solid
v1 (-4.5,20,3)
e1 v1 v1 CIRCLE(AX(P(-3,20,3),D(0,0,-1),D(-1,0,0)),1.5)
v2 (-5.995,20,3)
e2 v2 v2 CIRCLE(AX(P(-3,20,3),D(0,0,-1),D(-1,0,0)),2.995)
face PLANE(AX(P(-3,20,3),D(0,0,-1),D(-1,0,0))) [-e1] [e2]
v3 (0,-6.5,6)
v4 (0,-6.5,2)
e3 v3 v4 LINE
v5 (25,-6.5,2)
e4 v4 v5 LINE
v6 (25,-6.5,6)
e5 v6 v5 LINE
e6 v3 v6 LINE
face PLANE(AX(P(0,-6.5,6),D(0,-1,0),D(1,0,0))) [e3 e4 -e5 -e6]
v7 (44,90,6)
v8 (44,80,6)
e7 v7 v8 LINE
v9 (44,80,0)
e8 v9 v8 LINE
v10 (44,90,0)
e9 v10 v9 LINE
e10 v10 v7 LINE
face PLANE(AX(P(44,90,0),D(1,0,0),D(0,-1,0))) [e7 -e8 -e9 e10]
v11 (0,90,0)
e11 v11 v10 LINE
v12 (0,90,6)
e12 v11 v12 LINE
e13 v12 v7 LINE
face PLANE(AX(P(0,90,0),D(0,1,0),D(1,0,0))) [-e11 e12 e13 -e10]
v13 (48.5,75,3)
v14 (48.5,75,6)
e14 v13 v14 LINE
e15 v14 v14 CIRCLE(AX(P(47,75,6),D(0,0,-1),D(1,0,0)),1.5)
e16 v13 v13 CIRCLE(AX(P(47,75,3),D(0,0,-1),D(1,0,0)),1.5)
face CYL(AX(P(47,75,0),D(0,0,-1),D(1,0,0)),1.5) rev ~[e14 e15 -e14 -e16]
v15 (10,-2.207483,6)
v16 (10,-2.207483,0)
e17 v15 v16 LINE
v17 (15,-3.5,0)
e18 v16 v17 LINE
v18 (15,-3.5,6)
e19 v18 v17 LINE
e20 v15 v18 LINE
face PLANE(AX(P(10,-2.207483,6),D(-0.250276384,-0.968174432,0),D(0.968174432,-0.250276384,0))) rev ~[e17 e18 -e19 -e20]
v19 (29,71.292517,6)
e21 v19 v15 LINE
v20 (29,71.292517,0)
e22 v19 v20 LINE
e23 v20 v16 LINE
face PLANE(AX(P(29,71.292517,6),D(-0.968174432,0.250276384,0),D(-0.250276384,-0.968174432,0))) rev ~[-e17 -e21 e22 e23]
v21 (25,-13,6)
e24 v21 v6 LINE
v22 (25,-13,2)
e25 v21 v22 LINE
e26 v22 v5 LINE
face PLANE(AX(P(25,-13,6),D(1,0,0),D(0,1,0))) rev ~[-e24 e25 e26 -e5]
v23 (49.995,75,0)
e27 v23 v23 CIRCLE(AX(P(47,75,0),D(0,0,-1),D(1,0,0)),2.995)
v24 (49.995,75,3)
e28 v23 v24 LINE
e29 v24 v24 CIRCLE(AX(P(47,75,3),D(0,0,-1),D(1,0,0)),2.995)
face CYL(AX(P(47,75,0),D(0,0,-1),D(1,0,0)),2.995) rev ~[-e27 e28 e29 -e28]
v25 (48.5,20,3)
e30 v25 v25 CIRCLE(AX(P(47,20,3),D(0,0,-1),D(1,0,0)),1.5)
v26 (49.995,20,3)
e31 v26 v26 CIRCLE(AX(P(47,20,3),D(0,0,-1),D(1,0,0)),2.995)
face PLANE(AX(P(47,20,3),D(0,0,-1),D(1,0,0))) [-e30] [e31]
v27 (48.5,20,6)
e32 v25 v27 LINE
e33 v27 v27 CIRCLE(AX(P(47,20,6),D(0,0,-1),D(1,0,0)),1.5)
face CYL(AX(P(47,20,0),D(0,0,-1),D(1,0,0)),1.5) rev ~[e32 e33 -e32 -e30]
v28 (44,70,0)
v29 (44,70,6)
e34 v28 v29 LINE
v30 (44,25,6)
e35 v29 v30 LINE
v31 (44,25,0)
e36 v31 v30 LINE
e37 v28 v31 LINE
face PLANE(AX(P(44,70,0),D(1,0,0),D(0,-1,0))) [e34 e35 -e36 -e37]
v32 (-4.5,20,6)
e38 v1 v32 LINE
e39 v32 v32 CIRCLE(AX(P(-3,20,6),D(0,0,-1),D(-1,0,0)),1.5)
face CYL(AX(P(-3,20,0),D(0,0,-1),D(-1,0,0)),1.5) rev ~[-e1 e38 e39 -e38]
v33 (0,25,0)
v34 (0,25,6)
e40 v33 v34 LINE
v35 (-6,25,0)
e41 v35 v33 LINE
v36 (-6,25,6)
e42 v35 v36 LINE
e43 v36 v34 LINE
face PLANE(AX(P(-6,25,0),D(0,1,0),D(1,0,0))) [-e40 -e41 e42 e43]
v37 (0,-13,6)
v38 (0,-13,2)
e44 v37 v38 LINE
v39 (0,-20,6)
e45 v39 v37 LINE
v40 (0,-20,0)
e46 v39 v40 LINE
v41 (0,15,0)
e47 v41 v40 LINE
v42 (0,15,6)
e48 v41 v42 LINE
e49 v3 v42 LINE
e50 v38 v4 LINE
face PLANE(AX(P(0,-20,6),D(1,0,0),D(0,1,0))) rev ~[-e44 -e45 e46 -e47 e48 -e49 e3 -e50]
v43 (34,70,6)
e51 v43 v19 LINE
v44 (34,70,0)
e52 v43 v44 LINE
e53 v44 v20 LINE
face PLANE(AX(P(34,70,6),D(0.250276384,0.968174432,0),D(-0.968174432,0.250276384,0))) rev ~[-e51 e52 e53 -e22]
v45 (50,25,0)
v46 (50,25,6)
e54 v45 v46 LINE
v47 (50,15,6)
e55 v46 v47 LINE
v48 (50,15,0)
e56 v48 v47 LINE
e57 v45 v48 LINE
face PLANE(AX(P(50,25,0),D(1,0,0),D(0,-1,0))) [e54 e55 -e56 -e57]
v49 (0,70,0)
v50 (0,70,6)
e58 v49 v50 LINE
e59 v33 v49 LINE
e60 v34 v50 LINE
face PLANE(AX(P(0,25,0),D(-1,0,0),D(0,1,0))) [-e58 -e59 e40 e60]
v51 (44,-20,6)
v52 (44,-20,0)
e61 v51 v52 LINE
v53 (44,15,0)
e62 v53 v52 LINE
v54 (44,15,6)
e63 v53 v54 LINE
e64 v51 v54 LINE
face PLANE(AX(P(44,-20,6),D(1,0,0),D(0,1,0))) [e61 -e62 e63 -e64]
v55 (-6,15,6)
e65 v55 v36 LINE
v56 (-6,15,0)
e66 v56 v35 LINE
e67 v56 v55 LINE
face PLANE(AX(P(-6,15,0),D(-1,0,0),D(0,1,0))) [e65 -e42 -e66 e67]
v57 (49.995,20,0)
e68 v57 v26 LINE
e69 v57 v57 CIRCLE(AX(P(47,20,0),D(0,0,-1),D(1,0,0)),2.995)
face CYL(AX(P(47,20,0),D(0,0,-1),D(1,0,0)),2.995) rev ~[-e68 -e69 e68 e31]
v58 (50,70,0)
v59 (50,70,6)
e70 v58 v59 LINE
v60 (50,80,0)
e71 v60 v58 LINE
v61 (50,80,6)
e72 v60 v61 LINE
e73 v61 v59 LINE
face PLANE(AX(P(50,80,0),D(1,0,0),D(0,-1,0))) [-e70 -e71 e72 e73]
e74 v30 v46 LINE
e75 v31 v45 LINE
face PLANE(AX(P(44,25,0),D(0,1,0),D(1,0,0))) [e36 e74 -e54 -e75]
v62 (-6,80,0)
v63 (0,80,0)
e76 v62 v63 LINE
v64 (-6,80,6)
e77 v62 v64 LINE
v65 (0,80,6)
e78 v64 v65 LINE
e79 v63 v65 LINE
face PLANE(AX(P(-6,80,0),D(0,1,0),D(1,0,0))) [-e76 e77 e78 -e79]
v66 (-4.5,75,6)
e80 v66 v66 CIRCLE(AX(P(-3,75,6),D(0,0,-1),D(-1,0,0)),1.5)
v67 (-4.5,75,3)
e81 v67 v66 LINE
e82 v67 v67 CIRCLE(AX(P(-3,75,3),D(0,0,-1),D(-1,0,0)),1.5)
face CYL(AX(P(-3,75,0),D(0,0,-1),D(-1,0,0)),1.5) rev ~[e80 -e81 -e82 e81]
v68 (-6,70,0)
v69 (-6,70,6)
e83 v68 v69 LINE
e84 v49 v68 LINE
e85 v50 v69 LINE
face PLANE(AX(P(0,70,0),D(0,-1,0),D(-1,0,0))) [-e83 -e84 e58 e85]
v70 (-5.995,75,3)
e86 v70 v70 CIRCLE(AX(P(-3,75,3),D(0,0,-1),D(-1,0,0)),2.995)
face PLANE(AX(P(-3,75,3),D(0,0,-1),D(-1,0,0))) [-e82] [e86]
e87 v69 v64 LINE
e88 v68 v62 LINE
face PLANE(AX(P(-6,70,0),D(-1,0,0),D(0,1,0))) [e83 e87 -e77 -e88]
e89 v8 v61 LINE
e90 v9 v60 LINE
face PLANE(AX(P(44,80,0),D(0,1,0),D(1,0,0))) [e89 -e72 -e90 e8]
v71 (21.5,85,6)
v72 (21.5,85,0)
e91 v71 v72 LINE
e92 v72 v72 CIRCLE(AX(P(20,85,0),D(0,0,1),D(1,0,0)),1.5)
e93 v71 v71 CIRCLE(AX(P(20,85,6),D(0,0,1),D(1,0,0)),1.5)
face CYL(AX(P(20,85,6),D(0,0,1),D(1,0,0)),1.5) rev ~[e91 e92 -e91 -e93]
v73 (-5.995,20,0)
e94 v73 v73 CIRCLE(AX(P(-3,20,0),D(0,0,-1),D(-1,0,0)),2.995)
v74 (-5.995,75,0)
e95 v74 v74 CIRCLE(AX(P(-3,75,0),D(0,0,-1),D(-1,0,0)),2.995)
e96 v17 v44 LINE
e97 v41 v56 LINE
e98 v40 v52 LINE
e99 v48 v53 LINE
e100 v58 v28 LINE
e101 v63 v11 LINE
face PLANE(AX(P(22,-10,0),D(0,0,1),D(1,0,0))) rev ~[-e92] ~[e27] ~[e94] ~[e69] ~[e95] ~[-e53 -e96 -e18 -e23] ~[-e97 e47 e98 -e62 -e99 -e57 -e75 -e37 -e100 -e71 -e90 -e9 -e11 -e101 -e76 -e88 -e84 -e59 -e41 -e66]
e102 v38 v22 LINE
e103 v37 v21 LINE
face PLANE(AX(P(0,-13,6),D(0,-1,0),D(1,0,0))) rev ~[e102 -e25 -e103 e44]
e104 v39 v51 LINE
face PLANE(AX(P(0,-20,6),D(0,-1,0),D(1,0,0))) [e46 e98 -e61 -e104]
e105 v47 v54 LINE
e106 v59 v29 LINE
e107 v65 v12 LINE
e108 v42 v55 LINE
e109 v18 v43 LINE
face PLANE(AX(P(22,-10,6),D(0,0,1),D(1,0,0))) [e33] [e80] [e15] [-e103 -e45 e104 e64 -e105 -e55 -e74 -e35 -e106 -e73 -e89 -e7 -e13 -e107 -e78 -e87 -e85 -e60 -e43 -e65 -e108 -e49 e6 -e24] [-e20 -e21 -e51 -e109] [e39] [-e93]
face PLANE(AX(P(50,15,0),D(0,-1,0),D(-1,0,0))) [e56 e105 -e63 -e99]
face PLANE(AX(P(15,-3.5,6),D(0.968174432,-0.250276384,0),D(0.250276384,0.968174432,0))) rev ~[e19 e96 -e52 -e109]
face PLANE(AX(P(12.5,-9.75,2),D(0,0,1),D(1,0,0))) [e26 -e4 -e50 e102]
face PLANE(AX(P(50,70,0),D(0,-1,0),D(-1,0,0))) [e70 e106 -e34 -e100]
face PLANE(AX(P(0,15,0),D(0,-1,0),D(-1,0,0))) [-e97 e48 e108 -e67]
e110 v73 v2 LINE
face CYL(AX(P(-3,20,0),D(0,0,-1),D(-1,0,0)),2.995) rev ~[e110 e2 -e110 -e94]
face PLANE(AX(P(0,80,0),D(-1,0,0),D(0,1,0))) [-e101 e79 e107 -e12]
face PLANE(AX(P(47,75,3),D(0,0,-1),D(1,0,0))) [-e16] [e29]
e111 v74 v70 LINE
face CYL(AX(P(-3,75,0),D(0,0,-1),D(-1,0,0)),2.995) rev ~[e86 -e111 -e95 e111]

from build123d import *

# Parameters (mm, degrees)
BOSS_EXTRU_1_DEPTH       = 6
ESQUISSE2_R              = 1.5
ENL_V_MAT_EXTRU_1_DEPTH  = 6
ESQUISSE5_R              = 1.5
ENL_V_MAT_EXTRU_6_DEPTH  = 6
ESQUISSE6_R              = 2.995
ENL_V_MAT_EXTRU_7_DEPTH  = 3
ESQUISSE9_W              = 44
ESQUISSE9_H              = 20
BOSS_EXTRU_3_DEPTH       = 6
ESQUISSE10_W             = 25
ESQUISSE10_H             = 6.5
ENL_V_MAT_EXTRU_9_DEPTH  = 4
ENL_V_MAT_EXTRU_11_DEPTH = 6


with BuildPart() as part:
    # Esquisse1 → Boss.-Extru.1 (new body)
    with BuildSketch(Plane.XY):
        Polygon((0, 80), (0, 90), (44, 90), (44, 80), (50, 80), (50, 70), (44, 70), (44, 25), (50, 25), (50, 15), (44, 15), (44, 0), (0, 0), (0, 15), (-6, 15), (-6, 25), (0, 25), (0, 70), (-6, 70), (-6, 80), align=None)
    extrude(amount=BOSS_EXTRU_1_DEPTH)

    # Esquisse2 → Enlèv. mat.-Extru.1 (cut)
    with BuildSketch(Plane.XY.offset(6)):
        with Locations((20, 85)):
            Circle(ESQUISSE2_R)
    extrude(amount=-ENL_V_MAT_EXTRU_1_DEPTH, mode=Mode.SUBTRACT)

    # Esquisse5 → Enlèv. mat.-Extru.6 (cut)
    with BuildSketch(Plane(origin=(0, 0, 0), x_dir=(-1, 0, 0), z_dir=(0, 0, -1))):
        with Locations((3, 75)):
            Circle(ESQUISSE5_R)
        with Locations((3, 20)):
            Circle(ESQUISSE5_R)
        with Locations(Location((-47, 20, 0), (0, 0, 180))):
            Circle(ESQUISSE5_R)
        with Locations(Location((-47, 75, 0), (0, 0, 180))):
            Circle(ESQUISSE5_R)
    extrude(amount=-ENL_V_MAT_EXTRU_6_DEPTH, mode=Mode.SUBTRACT)

    # Esquisse6 → Enlèv. mat.-Extru.7 (cut)
    with BuildSketch(Plane(origin=(0, 0, 0), x_dir=(-1, 0, 0), z_dir=(0, 0, -1))):
        with Locations((3, 20)):
            Circle(ESQUISSE6_R)
        with Locations((3, 75)):
            Circle(ESQUISSE6_R)
        with Locations(Location((-47, 75, 0), (0, 0, 180))):
            Circle(ESQUISSE6_R)
        with Locations(Location((-47, 20, 0), (0, 0, 180))):
            Circle(ESQUISSE6_R)
    extrude(amount=-ENL_V_MAT_EXTRU_7_DEPTH, mode=Mode.SUBTRACT)

    # Esquisse9 → Boss.-Extru.3 (add)
    with BuildSketch(Plane.XY.offset(6)):
        with Locations((22, -10)):
            Rectangle(ESQUISSE9_W, ESQUISSE9_H)
    extrude(amount=-BOSS_EXTRU_3_DEPTH)

    # Esquisse10 → Enlèv. mat.-Extru.9 (cut)
    with BuildSketch(Plane.XY.offset(6)):
        with Locations((12.5, -9.75)):
            Rectangle(ESQUISSE10_W, ESQUISSE10_H)
    extrude(amount=-ENL_V_MAT_EXTRU_9_DEPTH, mode=Mode.SUBTRACT)

    # Esquisse11 → Enlèv. mat.-Extru.11 (cut)
    with BuildSketch(Plane.XY.offset(6)):
        Polygon((29, 71.292517007), (10, -2.207482993), (15, -3.5), (34, 70), align=None)
    extrude(amount=-ENL_V_MAT_EXTRU_11_DEPTH, mode=Mode.SUBTRACT)


solid = part.part
